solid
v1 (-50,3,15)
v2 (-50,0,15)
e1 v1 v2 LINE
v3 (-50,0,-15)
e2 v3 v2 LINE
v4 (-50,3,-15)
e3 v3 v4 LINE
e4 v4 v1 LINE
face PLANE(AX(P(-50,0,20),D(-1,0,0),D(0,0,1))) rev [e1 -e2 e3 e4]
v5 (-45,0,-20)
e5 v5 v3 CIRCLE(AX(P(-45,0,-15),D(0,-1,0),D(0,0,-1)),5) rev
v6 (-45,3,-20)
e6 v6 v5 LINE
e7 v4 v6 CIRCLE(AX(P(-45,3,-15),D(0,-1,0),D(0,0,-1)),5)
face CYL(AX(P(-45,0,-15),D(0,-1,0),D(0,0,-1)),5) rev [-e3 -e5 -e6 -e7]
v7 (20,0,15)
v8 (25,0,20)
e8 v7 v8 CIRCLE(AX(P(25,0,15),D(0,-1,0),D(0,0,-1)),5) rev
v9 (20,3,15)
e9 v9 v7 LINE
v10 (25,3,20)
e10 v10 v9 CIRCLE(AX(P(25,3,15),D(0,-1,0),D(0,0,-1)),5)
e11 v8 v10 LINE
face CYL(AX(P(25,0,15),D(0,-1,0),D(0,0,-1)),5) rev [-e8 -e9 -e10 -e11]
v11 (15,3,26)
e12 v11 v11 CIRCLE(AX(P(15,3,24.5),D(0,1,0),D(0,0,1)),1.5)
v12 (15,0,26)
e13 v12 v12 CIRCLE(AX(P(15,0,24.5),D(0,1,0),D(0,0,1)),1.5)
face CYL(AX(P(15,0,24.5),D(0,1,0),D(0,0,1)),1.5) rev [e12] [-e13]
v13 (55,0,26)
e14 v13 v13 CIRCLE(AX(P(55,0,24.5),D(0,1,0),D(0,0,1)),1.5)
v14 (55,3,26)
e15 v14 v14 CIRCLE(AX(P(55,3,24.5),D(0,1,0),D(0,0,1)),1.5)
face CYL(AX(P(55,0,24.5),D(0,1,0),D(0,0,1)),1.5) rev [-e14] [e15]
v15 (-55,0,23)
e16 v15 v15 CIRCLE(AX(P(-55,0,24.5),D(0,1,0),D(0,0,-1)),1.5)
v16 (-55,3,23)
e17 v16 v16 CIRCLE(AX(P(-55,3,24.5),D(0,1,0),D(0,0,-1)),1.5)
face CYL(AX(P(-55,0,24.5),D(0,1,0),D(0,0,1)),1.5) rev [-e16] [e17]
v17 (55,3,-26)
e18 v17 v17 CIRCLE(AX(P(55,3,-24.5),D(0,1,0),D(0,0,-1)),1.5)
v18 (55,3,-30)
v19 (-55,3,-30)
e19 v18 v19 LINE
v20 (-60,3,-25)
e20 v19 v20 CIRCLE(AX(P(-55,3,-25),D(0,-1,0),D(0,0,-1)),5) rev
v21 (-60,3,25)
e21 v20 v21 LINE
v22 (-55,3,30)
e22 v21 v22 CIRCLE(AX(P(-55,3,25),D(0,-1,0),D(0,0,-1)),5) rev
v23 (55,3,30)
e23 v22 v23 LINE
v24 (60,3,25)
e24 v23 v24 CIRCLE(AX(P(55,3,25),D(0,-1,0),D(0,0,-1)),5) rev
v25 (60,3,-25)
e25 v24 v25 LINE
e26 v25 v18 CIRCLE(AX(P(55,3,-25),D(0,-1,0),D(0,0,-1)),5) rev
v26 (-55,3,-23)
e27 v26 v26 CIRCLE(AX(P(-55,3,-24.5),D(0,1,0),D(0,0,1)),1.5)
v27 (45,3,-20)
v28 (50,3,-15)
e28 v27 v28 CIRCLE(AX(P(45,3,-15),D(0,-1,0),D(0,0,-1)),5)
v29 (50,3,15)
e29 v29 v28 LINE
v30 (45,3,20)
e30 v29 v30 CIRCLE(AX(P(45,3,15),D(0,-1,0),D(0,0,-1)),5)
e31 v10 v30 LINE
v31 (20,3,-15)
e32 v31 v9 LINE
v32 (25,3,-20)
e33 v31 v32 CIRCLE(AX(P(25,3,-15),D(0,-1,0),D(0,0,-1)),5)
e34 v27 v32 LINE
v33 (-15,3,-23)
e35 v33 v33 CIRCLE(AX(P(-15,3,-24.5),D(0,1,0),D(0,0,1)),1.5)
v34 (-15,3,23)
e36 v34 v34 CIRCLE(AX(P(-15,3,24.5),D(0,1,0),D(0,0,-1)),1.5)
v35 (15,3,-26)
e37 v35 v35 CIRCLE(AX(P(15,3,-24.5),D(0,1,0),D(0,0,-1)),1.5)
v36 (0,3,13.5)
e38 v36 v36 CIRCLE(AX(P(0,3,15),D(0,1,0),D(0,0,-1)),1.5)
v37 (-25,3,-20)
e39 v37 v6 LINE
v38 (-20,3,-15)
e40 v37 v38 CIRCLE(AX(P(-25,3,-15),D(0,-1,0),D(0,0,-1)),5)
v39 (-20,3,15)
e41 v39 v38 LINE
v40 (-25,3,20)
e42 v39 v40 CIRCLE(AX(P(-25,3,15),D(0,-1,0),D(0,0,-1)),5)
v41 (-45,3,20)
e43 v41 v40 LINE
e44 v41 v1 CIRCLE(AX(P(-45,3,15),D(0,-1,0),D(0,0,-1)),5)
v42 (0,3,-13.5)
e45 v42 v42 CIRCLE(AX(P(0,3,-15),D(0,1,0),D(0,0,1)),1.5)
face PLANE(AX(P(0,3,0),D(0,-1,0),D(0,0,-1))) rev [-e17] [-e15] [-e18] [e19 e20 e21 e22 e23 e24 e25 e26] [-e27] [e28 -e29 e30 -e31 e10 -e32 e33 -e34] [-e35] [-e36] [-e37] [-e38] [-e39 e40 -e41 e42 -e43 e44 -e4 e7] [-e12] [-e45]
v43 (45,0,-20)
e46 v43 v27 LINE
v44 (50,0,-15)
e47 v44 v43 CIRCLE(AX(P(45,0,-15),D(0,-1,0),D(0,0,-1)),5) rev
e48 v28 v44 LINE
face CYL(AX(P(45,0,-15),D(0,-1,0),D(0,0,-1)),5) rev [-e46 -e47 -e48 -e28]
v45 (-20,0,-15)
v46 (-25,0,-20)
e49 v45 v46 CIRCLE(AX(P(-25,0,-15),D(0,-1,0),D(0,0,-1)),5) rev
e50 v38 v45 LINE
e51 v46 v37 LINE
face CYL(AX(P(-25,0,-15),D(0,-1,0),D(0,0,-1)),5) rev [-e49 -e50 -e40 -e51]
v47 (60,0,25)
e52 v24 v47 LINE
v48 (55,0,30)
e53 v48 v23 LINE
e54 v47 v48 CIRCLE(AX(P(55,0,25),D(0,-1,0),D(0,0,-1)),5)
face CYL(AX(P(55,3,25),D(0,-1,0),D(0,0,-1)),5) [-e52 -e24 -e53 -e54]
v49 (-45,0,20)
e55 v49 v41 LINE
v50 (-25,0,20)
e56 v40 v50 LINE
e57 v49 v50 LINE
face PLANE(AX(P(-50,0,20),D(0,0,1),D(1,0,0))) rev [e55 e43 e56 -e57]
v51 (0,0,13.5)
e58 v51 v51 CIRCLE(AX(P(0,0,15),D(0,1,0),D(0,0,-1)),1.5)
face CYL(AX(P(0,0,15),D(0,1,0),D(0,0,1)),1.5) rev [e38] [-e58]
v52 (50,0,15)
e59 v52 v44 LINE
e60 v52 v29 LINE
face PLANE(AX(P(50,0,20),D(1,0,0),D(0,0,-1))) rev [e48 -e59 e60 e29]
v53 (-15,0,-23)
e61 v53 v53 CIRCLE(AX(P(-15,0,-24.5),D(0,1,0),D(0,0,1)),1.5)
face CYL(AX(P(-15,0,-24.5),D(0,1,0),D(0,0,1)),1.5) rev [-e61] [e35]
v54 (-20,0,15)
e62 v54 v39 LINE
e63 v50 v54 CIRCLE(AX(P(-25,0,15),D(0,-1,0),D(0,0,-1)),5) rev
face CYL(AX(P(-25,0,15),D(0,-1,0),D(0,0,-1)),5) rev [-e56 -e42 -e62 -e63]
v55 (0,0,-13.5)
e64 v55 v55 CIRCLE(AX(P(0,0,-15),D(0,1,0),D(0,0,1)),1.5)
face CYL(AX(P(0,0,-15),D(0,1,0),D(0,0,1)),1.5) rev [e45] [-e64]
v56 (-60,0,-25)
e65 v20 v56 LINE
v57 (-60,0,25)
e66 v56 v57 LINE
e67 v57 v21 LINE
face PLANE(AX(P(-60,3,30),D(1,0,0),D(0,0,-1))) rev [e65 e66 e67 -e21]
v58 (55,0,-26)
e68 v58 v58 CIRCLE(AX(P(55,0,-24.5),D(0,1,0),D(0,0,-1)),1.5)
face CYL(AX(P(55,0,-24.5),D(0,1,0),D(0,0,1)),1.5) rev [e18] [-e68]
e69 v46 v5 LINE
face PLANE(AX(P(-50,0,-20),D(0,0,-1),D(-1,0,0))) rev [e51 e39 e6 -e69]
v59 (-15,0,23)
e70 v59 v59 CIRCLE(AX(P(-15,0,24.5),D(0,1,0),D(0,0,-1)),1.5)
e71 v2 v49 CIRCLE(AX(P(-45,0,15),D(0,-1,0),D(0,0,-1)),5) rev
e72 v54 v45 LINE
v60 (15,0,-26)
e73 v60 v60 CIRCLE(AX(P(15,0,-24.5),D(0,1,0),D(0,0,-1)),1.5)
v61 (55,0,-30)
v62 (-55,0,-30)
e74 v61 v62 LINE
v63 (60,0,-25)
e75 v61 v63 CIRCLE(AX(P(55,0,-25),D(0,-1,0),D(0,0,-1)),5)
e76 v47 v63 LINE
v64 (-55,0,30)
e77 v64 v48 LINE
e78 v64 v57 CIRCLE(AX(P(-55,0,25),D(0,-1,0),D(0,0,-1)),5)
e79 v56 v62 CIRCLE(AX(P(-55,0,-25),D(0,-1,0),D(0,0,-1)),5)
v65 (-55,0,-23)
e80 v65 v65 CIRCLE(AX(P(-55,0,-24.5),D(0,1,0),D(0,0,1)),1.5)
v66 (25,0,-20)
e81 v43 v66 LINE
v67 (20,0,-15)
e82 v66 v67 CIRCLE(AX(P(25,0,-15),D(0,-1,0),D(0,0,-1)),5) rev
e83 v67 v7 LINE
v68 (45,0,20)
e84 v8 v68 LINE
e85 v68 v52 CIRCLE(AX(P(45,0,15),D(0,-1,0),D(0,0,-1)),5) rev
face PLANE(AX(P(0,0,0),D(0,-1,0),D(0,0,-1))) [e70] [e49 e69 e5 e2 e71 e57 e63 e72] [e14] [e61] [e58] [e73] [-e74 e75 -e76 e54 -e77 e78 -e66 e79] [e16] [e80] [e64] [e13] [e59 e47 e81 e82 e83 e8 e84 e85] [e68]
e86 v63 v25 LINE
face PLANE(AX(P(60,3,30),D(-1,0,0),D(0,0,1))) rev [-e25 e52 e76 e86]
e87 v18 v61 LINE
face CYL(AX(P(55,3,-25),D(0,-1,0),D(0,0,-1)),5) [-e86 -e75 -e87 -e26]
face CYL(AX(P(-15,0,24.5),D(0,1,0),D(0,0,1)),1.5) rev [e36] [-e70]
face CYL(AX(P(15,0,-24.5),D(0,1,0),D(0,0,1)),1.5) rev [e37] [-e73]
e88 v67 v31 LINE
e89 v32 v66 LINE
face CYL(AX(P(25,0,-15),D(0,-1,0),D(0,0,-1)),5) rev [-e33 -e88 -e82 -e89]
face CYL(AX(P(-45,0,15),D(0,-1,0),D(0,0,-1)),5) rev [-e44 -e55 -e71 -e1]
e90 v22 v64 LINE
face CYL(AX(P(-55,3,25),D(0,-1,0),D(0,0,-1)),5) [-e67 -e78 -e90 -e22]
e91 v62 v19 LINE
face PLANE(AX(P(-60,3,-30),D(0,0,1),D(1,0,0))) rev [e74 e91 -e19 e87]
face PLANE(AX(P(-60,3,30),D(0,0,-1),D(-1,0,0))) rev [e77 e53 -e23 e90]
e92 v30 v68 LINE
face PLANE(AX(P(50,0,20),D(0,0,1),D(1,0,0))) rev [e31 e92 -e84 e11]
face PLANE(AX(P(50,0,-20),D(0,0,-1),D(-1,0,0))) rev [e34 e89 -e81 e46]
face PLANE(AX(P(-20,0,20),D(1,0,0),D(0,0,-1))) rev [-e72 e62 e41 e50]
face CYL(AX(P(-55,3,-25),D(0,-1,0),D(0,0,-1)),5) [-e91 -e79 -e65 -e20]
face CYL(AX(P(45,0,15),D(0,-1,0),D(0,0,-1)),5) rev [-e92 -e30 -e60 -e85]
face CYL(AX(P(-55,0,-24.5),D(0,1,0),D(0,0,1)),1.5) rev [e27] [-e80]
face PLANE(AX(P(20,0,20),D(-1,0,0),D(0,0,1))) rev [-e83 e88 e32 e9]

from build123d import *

# Parameters (mm, degrees)
SKETCH_1_W          = 120
SKETCH_1_H          = 60
EXTRUDE_1_DEPTH     = 3
SKETCH_2_R          = 1.5
CUT_EXTRUDE_1_DEPTH = 68.149087857
SKETCH_3_R          = 1.5
CUT_EXTRUDE_2_DEPTH = 68.149087857
FILLET_1_R          = 5
SKETCH_4_W          = 30
SKETCH_4_H          = 40
CUT_EXTRUDE_3_DEPTH = 68.149087857
FILLET_2_R          = 5


with BuildPart() as part:
    # 草图1 → 凸台-拉伸1 (new body)
    with BuildSketch(Plane(origin=(0, 0, 0), x_dir=(1, 0, 0), z_dir=(0, 1, 0))):
        Rectangle(SKETCH_1_W, SKETCH_1_H)
    extrude(amount=EXTRUDE_1_DEPTH)

    # 草图2 → 切除-拉伸1 (cut, through all)
    with BuildSketch(Plane(origin=(0, 3, 0), x_dir=(1, 0, 0), z_dir=(0, 1, 0))):
        with Locations((-55, 24.5)):
            Circle(SKETCH_2_R)
        with Locations((-15, 24.5)):
            Circle(SKETCH_2_R)
        with Locations((-55, -24.5)):
            Circle(SKETCH_2_R)
        with Locations((-15, -24.5)):
            Circle(SKETCH_2_R)
        with Locations((15, -24.5)):
            Circle(SKETCH_2_R)
        with Locations((55, -24.5)):
            Circle(SKETCH_2_R)
        with Locations((15, 24.5)):
            Circle(SKETCH_2_R)
        with Locations((55, 24.5)):
            Circle(SKETCH_2_R)
    extrude(amount=-CUT_EXTRUDE_1_DEPTH, mode=Mode.SUBTRACT)

    # 草图3 → 切除-拉伸2 (cut, through all)
    with BuildSketch(Plane(origin=(0, 3, 0), x_dir=(1, 0, 0), z_dir=(0, 1, 0))):
        with Locations((0, 15)):
            Circle(SKETCH_3_R)
        with Locations((0, -15)):
            Circle(SKETCH_3_R)
    extrude(amount=-CUT_EXTRUDE_2_DEPTH, mode=Mode.SUBTRACT)

    # 圆角1
    fillet_1_edges = [part.edges().sort_by_distance(p)[0] for p in [
        (-60, 1.5, 30),
        (60, 1.5, 30),
        (60, 1.5, -30),
        (-60, 1.5, -30),
    ]]
    fillet(fillet_1_edges, radius=FILLET_1_R)

    # 草图4 → 切除-拉伸3 (cut, through all)
    with BuildSketch(Plane(origin=(0, 3, 0), x_dir=(1, 0, 0), z_dir=(0, 1, 0))):
        with Locations((35, 0)):
            Rectangle(SKETCH_4_W, SKETCH_4_H)
        with Locations((-35, 0)):
            Rectangle(SKETCH_4_W, SKETCH_4_H)
    extrude(amount=-CUT_EXTRUDE_3_DEPTH, mode=Mode.SUBTRACT)

    # 圆角2
    fillet_2_edges = [part.edges().sort_by_distance(p)[0] for p in [
        (50, 1.5, 20),
        (50, 1.5, -20),
        (20, 1.5, -20),
        (20, 1.5, 20),
        (-50, 1.5, 20),
        (-20, 1.5, 20),
        (-20, 1.5, -20),
        (-50, 1.5, -20),
    ]]
    fillet(fillet_2_edges, radius=FILLET_2_R)


solid = part.part
